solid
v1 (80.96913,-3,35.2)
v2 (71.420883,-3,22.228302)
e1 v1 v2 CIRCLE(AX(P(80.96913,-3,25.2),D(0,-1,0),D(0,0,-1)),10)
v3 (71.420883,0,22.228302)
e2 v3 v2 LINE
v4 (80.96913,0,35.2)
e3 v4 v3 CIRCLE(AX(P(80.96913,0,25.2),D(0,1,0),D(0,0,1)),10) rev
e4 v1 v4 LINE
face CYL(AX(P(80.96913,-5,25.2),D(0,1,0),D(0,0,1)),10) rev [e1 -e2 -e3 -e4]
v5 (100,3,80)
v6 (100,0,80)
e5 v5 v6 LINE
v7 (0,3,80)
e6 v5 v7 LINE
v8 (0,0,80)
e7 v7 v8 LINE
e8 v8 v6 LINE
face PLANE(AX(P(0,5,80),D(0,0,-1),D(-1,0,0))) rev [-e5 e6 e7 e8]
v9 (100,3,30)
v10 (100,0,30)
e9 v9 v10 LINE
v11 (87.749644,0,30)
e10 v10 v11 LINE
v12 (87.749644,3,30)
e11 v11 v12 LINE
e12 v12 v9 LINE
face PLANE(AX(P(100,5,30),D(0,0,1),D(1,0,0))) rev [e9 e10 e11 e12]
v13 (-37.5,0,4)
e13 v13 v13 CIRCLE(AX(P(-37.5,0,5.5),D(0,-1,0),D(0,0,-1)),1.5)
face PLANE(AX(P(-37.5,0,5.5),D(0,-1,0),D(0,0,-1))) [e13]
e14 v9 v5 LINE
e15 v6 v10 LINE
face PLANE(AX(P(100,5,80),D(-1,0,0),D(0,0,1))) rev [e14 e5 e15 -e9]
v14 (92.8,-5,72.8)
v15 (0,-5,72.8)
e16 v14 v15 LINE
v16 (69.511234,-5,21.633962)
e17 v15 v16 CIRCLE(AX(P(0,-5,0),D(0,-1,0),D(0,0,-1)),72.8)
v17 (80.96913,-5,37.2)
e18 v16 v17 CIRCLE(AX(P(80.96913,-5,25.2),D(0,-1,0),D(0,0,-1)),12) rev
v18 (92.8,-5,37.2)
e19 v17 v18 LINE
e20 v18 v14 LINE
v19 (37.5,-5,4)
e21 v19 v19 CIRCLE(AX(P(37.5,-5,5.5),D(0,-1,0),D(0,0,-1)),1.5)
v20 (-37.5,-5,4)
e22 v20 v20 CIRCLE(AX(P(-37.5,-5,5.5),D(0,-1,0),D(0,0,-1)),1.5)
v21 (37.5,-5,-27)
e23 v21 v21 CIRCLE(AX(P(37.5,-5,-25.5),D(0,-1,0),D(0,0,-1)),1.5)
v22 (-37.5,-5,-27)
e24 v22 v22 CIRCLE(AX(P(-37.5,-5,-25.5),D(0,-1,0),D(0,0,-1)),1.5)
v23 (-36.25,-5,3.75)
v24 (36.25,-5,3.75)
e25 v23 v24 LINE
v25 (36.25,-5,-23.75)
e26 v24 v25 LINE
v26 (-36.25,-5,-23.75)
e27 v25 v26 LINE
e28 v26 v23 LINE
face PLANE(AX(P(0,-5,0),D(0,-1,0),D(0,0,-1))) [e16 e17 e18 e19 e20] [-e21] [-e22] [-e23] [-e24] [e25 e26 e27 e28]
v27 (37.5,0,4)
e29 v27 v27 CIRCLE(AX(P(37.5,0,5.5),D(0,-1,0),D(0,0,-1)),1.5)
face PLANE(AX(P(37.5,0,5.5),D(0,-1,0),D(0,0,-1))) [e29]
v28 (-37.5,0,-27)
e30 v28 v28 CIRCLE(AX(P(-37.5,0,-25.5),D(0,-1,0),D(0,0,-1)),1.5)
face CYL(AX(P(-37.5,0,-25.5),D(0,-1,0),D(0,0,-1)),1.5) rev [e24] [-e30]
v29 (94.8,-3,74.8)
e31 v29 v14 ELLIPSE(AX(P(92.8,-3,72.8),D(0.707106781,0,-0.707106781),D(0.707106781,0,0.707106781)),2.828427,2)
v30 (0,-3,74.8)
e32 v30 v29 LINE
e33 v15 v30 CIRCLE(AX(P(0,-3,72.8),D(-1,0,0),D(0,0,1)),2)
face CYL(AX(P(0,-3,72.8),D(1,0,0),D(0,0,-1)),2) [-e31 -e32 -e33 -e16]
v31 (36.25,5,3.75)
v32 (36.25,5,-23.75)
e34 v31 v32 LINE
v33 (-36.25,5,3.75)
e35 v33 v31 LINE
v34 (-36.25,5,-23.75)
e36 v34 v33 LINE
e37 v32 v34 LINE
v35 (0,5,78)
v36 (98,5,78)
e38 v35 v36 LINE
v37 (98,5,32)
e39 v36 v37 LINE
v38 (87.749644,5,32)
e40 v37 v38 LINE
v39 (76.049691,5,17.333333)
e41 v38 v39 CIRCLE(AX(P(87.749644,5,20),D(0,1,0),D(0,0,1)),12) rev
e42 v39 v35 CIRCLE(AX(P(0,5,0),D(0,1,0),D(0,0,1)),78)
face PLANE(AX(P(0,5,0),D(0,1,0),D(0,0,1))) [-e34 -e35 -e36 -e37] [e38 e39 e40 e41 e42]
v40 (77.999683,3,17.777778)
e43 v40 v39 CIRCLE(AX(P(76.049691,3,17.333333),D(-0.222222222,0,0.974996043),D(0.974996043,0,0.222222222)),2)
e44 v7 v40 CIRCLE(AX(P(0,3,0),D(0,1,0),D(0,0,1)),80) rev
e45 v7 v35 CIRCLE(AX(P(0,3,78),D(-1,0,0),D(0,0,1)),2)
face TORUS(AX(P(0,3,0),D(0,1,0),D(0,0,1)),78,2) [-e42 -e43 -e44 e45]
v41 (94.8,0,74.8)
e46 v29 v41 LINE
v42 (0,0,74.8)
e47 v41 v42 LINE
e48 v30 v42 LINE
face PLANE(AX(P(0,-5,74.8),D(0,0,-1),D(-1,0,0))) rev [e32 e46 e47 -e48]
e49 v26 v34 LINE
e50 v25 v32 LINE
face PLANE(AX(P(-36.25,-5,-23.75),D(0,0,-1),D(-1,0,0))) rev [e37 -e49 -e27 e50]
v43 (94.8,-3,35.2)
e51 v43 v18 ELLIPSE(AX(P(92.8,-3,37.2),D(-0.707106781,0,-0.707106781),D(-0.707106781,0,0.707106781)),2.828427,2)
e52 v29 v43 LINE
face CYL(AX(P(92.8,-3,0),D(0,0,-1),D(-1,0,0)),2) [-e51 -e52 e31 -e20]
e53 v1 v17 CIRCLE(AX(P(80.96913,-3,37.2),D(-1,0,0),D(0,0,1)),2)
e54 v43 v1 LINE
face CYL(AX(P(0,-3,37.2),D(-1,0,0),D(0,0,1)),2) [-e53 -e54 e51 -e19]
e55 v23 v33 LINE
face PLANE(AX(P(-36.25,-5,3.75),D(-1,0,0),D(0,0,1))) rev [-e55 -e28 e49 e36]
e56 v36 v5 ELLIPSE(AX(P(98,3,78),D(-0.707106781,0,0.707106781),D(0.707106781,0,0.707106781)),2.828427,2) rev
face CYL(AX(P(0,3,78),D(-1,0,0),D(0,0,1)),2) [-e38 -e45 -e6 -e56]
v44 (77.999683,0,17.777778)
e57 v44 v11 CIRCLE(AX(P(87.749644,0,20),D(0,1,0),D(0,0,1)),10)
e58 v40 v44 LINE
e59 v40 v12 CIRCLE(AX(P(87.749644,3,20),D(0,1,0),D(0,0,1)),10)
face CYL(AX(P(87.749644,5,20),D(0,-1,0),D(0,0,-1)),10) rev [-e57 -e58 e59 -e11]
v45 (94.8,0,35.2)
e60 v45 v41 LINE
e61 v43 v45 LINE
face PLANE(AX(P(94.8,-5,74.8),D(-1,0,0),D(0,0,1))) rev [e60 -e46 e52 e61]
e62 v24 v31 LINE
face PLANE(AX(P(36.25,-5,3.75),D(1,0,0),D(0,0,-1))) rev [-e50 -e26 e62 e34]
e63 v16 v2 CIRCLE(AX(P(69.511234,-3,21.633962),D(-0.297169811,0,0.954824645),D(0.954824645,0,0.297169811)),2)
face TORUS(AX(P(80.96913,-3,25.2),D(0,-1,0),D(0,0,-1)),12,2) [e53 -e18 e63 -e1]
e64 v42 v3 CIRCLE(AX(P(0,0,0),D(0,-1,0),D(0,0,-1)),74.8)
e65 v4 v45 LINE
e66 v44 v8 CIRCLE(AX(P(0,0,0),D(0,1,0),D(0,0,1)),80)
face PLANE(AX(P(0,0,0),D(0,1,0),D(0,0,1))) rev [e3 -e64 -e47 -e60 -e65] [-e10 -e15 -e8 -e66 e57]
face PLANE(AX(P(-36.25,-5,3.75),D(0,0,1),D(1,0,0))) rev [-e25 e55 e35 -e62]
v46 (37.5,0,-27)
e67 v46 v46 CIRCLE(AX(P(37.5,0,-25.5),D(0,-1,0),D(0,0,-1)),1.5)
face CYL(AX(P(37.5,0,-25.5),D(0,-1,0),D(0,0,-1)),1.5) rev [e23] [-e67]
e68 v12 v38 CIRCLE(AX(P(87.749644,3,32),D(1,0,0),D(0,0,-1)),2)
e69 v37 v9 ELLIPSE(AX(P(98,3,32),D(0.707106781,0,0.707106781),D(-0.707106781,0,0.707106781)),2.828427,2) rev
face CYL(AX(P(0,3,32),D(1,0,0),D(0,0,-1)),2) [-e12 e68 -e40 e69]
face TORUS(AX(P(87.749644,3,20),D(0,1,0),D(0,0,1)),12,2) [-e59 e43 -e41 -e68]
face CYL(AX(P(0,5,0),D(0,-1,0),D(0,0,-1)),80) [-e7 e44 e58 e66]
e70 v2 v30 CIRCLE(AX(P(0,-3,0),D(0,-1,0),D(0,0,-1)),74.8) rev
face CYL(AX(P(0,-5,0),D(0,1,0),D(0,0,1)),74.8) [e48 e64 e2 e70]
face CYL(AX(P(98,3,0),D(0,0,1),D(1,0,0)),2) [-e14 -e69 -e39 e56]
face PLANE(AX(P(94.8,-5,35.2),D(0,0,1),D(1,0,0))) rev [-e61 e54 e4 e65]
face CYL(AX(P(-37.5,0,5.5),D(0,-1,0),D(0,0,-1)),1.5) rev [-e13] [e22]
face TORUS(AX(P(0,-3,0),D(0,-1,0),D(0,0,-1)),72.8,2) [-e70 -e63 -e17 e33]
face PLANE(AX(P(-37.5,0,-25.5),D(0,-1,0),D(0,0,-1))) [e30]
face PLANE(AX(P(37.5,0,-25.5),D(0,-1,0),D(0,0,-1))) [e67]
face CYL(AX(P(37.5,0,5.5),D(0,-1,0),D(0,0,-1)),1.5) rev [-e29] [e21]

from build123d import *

# Parameters (mm, degrees)
BOSS_EXTRUDE1_DEPTH = 5
BOSS_EXTRUDE2_DEPTH = 5
SKETCH3_W           = 72.5
SKETCH3_H           = 27.5
CUT_EXTRUDE1_DEPTH  = 129.452325787
SKETCH4_R           = 1.5
CUT_EXTRUDE2_DEPTH  = 5
FILLET2_R           = 10
FILLET3_R           = 2
FILLET1_R           = 2


with BuildPart() as part:
    # Sketch1 → Boss-Extrude1 (new body)
    with BuildSketch(Plane(origin=(0, 0, 0), x_dir=(1, 0, 0), z_dir=(0, 1, 0))):
        with BuildLine():
            Line((0, -80), (100, -80))
            Line((100, -80), (100, -30))
            Line((100, -30), (74.161984871, -30))
            ThreePointArc((74.161984871, -30), (-44.72135955, 66.332495807), (0, -80))
        make_face()
    extrude(amount=BOSS_EXTRUDE1_DEPTH)

    # Sketch2 → Boss-Extrude2 (add)
    with BuildSketch(Plane.XZ):
        with BuildLine():
            Line((0, 74.8), (94.8, 74.8))
            Line((94.8, 74.8), (94.8, 35.2))
            Line((94.8, 35.2), (66, 35.2))
            ThreePointArc((66, 35.2), (-38.484282506, -64.140470843), (0, 74.8))
        make_face()
    extrude(amount=BOSS_EXTRUDE2_DEPTH)

    # Sketch3 → Cut-Extrude1 (cut, through all)
    with BuildSketch(Plane(origin=(0, 5, 0), x_dir=(1, 0, 0), z_dir=(0, 1, 0))):
        with Locations((0, 10)):
            Rectangle(SKETCH3_W, SKETCH3_H)
    extrude(amount=-CUT_EXTRUDE1_DEPTH, mode=Mode.SUBTRACT)

    # Sketch4 → Cut-Extrude2 (cut)
    with BuildSketch(Plane.XZ.offset(5)):
        with Locations(Location((-37.5, 5.5, 0), (0, 0, 270))):
            Circle(SKETCH4_R)
        with Locations(Location((37.5, 5.5, 0), (0, 0, 270))):
            Circle(SKETCH4_R)
        with Locations(Location((37.5, -25.5, 0), (0, 0, 270))):
            Circle(SKETCH4_R)
        with Locations(Location((-37.5, -25.5, 0), (0, 0, 270))):
            Circle(SKETCH4_R)
    extrude(amount=-CUT_EXTRUDE2_DEPTH, mode=Mode.SUBTRACT)

    # Fillet2
    fillet2_edges = [part.edges().sort_by_distance(p)[0] for p in [
        (66, -2.5, 35.2),
        (74.161984871, 2.5, 30),
    ]]
    fillet(fillet2_edges, radius=FILLET2_R)

    # Fillet3
    fillet3_edges = [part.edges().sort_by_distance(p)[0] for p in [
        (100, 5, 55),
        (93.874821937, 5, 30),
        (-49.888765157, 5, -62.538876798),
        (79.932284274, 5, 26.236095645),
        (50, 5, 80),
    ]]
    fillet(fillet3_edges, radius=FILLET3_R)

    # Fillet1
    fillet1_edges = [part.edges().sort_by_distance(p)[0] for p in [
        (-44.341645317, -5, -60.240007392),
        (94.8, -5, 55),
        (47.4, -5, 74.8),
        (87.88456496, -5, 35.2),
        (72.915652996, -5, 31.128027449),
    ]]
    fillet(fillet1_edges, radius=FILLET1_R)


solid = part.part
